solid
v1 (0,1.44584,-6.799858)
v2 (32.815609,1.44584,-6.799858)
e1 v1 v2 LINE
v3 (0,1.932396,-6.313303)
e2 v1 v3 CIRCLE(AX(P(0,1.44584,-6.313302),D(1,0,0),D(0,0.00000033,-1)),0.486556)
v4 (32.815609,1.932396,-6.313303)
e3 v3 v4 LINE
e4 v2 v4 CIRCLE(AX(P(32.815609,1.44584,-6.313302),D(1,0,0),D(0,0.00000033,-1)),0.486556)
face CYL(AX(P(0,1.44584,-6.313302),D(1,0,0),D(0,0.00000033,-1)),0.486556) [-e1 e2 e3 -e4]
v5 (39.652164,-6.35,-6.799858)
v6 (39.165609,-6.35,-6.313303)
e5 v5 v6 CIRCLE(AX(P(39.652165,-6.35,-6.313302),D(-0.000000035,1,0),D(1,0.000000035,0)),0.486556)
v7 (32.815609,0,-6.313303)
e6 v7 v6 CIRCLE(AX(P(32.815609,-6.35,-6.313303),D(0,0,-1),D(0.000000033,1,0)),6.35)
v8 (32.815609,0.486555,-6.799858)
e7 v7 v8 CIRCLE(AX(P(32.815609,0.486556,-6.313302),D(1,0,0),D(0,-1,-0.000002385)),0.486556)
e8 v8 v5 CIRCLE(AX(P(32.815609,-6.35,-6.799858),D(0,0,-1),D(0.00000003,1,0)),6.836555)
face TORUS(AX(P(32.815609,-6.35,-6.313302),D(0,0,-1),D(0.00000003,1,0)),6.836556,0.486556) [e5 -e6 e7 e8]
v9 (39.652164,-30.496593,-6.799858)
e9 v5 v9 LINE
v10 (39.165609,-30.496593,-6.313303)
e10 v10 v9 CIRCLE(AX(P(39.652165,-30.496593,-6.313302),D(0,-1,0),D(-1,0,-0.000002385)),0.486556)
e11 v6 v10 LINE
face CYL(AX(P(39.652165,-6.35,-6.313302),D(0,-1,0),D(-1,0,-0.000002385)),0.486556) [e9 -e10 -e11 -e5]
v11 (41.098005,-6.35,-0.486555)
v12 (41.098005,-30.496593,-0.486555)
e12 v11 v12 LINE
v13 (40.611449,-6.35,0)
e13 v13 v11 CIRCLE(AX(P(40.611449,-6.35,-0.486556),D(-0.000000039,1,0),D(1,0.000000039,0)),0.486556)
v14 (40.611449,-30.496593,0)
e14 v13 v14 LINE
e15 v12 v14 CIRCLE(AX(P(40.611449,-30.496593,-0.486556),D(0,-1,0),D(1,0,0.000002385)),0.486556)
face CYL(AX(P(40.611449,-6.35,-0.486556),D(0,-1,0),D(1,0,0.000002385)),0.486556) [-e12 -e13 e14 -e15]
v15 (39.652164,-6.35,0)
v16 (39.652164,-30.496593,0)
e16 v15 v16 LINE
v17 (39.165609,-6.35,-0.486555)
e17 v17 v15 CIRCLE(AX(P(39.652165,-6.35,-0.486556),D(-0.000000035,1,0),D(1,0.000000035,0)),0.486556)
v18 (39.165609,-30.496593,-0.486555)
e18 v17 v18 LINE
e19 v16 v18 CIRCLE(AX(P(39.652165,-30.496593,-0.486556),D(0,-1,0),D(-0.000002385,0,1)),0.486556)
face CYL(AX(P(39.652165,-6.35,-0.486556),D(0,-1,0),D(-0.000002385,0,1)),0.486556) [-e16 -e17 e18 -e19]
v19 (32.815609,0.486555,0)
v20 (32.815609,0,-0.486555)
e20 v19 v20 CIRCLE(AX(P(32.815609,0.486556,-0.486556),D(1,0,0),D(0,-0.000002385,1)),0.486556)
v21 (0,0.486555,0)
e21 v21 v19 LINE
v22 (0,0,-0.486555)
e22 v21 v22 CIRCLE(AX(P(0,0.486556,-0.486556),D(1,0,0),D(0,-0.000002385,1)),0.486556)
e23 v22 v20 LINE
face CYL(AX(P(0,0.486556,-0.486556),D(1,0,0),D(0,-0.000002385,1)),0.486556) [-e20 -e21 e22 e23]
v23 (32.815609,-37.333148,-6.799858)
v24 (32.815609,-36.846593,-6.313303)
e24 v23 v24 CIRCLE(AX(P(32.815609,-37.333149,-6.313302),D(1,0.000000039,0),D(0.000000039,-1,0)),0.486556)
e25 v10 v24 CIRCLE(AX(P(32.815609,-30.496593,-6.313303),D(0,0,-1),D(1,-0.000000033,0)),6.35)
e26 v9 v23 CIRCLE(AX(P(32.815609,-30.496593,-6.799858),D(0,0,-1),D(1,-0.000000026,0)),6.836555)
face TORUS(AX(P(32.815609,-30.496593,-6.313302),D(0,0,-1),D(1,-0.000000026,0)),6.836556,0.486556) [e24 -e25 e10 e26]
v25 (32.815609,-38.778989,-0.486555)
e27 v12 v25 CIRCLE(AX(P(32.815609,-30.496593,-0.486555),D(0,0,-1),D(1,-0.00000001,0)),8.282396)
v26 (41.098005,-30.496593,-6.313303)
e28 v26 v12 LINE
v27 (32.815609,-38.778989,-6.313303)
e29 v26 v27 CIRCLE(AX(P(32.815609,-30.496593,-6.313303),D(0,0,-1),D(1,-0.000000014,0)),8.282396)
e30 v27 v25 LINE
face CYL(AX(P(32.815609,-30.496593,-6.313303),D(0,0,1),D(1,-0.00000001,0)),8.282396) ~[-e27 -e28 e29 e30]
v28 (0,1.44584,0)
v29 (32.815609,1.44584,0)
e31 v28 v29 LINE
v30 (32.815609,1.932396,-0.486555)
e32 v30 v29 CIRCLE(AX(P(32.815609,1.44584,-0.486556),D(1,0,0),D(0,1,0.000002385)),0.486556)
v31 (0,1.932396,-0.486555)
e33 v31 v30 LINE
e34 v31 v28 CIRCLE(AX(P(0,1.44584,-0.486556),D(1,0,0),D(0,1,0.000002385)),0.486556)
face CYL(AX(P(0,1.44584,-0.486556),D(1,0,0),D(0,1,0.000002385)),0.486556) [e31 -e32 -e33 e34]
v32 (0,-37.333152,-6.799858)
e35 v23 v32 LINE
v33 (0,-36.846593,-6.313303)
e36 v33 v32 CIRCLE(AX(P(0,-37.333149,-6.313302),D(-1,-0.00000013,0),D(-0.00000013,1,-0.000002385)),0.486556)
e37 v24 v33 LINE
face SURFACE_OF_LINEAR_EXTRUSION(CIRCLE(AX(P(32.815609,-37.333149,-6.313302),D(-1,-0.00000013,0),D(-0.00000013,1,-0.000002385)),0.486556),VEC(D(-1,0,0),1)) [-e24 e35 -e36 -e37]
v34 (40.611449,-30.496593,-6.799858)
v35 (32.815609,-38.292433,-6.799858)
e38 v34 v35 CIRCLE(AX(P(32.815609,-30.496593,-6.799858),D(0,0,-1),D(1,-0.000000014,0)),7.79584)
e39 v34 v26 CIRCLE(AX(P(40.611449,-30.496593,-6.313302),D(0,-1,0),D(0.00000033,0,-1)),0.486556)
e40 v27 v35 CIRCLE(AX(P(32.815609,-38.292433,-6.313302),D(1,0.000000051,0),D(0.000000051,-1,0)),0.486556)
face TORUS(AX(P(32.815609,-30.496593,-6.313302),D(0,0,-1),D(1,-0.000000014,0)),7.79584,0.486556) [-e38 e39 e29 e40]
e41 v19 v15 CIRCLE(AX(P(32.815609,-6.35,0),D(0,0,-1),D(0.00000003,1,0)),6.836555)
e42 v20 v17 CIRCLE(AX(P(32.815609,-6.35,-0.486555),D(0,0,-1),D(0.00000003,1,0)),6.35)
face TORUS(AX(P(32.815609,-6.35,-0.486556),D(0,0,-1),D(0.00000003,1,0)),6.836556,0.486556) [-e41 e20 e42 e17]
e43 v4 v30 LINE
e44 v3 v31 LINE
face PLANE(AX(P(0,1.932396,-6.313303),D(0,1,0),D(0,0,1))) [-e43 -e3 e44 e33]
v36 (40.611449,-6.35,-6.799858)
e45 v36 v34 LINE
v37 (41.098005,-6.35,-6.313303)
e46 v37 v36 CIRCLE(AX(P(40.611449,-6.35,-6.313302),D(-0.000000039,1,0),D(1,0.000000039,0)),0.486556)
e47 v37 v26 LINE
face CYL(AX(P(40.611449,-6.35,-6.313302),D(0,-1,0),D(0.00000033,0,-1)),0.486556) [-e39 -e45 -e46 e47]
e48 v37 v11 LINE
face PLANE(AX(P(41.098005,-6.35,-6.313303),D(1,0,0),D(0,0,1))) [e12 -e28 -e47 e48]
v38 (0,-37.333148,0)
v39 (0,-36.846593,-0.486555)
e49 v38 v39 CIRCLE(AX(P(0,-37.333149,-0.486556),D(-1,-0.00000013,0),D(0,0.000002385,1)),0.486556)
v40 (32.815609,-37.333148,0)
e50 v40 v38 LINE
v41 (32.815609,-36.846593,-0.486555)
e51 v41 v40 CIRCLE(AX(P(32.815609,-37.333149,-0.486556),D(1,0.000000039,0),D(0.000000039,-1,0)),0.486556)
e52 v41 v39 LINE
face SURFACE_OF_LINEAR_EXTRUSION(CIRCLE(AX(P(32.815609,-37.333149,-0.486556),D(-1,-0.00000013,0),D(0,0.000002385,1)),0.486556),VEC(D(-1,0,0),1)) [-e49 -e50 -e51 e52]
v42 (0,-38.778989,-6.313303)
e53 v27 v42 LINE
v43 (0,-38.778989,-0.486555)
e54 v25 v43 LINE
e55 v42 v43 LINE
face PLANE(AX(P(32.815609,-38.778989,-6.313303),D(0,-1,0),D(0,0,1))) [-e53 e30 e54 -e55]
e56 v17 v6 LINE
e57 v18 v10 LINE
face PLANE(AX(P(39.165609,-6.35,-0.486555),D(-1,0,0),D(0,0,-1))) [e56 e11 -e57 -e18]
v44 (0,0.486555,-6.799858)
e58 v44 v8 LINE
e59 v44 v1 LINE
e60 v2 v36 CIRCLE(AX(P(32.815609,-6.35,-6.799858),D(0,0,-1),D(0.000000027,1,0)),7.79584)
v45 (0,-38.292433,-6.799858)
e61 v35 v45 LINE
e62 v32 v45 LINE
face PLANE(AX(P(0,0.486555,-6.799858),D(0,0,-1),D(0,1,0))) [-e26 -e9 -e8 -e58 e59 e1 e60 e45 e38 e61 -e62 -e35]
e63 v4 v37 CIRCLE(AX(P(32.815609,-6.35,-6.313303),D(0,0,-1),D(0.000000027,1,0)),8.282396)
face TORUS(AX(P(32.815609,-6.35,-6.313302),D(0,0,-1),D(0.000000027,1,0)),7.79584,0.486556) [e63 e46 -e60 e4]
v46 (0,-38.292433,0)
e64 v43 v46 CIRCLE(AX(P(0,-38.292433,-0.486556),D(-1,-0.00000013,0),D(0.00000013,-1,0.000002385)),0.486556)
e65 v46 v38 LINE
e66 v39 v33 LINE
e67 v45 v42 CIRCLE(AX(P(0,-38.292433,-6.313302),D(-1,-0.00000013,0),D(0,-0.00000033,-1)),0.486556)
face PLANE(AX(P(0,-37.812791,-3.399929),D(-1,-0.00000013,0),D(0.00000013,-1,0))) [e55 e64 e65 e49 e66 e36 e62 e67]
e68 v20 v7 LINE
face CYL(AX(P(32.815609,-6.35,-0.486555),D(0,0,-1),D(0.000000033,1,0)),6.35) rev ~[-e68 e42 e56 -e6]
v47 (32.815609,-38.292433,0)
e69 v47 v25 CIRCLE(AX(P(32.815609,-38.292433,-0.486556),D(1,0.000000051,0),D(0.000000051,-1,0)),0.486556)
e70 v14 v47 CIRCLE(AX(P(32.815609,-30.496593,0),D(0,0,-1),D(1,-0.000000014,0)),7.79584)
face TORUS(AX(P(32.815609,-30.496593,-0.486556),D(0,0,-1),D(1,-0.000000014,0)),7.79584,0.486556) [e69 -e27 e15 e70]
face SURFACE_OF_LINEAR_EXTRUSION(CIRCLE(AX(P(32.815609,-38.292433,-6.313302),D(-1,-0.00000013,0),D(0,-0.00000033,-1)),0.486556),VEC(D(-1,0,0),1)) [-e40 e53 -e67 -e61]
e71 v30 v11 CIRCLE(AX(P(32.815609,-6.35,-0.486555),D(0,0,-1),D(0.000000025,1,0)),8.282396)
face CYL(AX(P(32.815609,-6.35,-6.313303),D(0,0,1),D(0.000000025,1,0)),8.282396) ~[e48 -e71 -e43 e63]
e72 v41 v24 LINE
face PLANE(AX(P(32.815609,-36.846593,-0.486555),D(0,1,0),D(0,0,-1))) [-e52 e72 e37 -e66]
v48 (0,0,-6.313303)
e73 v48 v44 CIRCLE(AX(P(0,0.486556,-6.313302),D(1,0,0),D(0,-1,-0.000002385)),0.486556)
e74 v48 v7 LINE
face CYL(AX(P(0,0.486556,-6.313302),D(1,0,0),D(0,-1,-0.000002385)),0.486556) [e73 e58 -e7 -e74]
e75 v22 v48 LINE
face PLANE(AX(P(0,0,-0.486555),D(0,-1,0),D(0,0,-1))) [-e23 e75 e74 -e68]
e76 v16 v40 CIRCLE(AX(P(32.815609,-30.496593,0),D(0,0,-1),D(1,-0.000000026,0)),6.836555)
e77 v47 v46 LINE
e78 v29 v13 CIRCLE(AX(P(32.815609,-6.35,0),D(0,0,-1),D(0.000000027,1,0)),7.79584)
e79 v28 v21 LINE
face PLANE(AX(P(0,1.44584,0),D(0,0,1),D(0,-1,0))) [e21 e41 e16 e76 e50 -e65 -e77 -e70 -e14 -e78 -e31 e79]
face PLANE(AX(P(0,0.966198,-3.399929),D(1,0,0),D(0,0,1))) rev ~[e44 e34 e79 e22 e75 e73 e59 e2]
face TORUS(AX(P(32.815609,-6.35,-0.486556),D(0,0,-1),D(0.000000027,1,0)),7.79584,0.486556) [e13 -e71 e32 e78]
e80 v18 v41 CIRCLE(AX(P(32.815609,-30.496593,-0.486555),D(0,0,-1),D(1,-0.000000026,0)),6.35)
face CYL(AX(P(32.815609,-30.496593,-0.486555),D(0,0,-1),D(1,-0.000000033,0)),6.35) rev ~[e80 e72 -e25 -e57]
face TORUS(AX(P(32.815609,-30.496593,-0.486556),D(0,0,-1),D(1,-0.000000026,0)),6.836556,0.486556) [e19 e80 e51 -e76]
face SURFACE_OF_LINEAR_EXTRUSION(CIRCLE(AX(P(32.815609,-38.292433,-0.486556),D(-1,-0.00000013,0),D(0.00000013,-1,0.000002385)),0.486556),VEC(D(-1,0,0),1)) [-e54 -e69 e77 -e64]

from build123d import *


with BuildPart() as f2:
    # F2: sweep along a path in F0
    with BuildLine(Plane.XY) as f2_path:
        Line((0, 0), (32.815609, 0))
        ThreePointArc((32.815609, 0), (37.305737, -1.859872), (39.165609, -6.35))
        Line((39.165609, -6.35), (39.165609, -30.496593))
        ThreePointArc((39.165609, -30.496593), (37.305737, -34.986721), (32.815609, -36.846593))
        Line((32.815609, -36.846593), (0, -36.846593))
    # F1 (on Right) → F2 (sweep)
    with BuildSketch(Plane.YZ):
        with BuildLine():
            Line((1.44584, 0), (0.486555, 0))
            ThreePointArc((0.486555, 0), (0.142509, -0.142509), (0, -0.486555))
            Line((0, -0.486555), (0, -6.313303))
            ThreePointArc((0, -6.313303), (0.142509, -6.657349), (0.486555, -6.799858))
            Line((0.486555, -6.799858), (1.44584, -6.799858))
            ThreePointArc((1.44584, -6.799858), (1.789887, -6.657349), (1.932396, -6.313303))
            Line((1.932396, -6.313303), (1.932396, -0.486555))
            ThreePointArc((1.932396, -0.486555), (1.789887, -0.142509), (1.44584, 0))
        make_face()
    sweep(path=f2_path.line)


solid = f2.part
